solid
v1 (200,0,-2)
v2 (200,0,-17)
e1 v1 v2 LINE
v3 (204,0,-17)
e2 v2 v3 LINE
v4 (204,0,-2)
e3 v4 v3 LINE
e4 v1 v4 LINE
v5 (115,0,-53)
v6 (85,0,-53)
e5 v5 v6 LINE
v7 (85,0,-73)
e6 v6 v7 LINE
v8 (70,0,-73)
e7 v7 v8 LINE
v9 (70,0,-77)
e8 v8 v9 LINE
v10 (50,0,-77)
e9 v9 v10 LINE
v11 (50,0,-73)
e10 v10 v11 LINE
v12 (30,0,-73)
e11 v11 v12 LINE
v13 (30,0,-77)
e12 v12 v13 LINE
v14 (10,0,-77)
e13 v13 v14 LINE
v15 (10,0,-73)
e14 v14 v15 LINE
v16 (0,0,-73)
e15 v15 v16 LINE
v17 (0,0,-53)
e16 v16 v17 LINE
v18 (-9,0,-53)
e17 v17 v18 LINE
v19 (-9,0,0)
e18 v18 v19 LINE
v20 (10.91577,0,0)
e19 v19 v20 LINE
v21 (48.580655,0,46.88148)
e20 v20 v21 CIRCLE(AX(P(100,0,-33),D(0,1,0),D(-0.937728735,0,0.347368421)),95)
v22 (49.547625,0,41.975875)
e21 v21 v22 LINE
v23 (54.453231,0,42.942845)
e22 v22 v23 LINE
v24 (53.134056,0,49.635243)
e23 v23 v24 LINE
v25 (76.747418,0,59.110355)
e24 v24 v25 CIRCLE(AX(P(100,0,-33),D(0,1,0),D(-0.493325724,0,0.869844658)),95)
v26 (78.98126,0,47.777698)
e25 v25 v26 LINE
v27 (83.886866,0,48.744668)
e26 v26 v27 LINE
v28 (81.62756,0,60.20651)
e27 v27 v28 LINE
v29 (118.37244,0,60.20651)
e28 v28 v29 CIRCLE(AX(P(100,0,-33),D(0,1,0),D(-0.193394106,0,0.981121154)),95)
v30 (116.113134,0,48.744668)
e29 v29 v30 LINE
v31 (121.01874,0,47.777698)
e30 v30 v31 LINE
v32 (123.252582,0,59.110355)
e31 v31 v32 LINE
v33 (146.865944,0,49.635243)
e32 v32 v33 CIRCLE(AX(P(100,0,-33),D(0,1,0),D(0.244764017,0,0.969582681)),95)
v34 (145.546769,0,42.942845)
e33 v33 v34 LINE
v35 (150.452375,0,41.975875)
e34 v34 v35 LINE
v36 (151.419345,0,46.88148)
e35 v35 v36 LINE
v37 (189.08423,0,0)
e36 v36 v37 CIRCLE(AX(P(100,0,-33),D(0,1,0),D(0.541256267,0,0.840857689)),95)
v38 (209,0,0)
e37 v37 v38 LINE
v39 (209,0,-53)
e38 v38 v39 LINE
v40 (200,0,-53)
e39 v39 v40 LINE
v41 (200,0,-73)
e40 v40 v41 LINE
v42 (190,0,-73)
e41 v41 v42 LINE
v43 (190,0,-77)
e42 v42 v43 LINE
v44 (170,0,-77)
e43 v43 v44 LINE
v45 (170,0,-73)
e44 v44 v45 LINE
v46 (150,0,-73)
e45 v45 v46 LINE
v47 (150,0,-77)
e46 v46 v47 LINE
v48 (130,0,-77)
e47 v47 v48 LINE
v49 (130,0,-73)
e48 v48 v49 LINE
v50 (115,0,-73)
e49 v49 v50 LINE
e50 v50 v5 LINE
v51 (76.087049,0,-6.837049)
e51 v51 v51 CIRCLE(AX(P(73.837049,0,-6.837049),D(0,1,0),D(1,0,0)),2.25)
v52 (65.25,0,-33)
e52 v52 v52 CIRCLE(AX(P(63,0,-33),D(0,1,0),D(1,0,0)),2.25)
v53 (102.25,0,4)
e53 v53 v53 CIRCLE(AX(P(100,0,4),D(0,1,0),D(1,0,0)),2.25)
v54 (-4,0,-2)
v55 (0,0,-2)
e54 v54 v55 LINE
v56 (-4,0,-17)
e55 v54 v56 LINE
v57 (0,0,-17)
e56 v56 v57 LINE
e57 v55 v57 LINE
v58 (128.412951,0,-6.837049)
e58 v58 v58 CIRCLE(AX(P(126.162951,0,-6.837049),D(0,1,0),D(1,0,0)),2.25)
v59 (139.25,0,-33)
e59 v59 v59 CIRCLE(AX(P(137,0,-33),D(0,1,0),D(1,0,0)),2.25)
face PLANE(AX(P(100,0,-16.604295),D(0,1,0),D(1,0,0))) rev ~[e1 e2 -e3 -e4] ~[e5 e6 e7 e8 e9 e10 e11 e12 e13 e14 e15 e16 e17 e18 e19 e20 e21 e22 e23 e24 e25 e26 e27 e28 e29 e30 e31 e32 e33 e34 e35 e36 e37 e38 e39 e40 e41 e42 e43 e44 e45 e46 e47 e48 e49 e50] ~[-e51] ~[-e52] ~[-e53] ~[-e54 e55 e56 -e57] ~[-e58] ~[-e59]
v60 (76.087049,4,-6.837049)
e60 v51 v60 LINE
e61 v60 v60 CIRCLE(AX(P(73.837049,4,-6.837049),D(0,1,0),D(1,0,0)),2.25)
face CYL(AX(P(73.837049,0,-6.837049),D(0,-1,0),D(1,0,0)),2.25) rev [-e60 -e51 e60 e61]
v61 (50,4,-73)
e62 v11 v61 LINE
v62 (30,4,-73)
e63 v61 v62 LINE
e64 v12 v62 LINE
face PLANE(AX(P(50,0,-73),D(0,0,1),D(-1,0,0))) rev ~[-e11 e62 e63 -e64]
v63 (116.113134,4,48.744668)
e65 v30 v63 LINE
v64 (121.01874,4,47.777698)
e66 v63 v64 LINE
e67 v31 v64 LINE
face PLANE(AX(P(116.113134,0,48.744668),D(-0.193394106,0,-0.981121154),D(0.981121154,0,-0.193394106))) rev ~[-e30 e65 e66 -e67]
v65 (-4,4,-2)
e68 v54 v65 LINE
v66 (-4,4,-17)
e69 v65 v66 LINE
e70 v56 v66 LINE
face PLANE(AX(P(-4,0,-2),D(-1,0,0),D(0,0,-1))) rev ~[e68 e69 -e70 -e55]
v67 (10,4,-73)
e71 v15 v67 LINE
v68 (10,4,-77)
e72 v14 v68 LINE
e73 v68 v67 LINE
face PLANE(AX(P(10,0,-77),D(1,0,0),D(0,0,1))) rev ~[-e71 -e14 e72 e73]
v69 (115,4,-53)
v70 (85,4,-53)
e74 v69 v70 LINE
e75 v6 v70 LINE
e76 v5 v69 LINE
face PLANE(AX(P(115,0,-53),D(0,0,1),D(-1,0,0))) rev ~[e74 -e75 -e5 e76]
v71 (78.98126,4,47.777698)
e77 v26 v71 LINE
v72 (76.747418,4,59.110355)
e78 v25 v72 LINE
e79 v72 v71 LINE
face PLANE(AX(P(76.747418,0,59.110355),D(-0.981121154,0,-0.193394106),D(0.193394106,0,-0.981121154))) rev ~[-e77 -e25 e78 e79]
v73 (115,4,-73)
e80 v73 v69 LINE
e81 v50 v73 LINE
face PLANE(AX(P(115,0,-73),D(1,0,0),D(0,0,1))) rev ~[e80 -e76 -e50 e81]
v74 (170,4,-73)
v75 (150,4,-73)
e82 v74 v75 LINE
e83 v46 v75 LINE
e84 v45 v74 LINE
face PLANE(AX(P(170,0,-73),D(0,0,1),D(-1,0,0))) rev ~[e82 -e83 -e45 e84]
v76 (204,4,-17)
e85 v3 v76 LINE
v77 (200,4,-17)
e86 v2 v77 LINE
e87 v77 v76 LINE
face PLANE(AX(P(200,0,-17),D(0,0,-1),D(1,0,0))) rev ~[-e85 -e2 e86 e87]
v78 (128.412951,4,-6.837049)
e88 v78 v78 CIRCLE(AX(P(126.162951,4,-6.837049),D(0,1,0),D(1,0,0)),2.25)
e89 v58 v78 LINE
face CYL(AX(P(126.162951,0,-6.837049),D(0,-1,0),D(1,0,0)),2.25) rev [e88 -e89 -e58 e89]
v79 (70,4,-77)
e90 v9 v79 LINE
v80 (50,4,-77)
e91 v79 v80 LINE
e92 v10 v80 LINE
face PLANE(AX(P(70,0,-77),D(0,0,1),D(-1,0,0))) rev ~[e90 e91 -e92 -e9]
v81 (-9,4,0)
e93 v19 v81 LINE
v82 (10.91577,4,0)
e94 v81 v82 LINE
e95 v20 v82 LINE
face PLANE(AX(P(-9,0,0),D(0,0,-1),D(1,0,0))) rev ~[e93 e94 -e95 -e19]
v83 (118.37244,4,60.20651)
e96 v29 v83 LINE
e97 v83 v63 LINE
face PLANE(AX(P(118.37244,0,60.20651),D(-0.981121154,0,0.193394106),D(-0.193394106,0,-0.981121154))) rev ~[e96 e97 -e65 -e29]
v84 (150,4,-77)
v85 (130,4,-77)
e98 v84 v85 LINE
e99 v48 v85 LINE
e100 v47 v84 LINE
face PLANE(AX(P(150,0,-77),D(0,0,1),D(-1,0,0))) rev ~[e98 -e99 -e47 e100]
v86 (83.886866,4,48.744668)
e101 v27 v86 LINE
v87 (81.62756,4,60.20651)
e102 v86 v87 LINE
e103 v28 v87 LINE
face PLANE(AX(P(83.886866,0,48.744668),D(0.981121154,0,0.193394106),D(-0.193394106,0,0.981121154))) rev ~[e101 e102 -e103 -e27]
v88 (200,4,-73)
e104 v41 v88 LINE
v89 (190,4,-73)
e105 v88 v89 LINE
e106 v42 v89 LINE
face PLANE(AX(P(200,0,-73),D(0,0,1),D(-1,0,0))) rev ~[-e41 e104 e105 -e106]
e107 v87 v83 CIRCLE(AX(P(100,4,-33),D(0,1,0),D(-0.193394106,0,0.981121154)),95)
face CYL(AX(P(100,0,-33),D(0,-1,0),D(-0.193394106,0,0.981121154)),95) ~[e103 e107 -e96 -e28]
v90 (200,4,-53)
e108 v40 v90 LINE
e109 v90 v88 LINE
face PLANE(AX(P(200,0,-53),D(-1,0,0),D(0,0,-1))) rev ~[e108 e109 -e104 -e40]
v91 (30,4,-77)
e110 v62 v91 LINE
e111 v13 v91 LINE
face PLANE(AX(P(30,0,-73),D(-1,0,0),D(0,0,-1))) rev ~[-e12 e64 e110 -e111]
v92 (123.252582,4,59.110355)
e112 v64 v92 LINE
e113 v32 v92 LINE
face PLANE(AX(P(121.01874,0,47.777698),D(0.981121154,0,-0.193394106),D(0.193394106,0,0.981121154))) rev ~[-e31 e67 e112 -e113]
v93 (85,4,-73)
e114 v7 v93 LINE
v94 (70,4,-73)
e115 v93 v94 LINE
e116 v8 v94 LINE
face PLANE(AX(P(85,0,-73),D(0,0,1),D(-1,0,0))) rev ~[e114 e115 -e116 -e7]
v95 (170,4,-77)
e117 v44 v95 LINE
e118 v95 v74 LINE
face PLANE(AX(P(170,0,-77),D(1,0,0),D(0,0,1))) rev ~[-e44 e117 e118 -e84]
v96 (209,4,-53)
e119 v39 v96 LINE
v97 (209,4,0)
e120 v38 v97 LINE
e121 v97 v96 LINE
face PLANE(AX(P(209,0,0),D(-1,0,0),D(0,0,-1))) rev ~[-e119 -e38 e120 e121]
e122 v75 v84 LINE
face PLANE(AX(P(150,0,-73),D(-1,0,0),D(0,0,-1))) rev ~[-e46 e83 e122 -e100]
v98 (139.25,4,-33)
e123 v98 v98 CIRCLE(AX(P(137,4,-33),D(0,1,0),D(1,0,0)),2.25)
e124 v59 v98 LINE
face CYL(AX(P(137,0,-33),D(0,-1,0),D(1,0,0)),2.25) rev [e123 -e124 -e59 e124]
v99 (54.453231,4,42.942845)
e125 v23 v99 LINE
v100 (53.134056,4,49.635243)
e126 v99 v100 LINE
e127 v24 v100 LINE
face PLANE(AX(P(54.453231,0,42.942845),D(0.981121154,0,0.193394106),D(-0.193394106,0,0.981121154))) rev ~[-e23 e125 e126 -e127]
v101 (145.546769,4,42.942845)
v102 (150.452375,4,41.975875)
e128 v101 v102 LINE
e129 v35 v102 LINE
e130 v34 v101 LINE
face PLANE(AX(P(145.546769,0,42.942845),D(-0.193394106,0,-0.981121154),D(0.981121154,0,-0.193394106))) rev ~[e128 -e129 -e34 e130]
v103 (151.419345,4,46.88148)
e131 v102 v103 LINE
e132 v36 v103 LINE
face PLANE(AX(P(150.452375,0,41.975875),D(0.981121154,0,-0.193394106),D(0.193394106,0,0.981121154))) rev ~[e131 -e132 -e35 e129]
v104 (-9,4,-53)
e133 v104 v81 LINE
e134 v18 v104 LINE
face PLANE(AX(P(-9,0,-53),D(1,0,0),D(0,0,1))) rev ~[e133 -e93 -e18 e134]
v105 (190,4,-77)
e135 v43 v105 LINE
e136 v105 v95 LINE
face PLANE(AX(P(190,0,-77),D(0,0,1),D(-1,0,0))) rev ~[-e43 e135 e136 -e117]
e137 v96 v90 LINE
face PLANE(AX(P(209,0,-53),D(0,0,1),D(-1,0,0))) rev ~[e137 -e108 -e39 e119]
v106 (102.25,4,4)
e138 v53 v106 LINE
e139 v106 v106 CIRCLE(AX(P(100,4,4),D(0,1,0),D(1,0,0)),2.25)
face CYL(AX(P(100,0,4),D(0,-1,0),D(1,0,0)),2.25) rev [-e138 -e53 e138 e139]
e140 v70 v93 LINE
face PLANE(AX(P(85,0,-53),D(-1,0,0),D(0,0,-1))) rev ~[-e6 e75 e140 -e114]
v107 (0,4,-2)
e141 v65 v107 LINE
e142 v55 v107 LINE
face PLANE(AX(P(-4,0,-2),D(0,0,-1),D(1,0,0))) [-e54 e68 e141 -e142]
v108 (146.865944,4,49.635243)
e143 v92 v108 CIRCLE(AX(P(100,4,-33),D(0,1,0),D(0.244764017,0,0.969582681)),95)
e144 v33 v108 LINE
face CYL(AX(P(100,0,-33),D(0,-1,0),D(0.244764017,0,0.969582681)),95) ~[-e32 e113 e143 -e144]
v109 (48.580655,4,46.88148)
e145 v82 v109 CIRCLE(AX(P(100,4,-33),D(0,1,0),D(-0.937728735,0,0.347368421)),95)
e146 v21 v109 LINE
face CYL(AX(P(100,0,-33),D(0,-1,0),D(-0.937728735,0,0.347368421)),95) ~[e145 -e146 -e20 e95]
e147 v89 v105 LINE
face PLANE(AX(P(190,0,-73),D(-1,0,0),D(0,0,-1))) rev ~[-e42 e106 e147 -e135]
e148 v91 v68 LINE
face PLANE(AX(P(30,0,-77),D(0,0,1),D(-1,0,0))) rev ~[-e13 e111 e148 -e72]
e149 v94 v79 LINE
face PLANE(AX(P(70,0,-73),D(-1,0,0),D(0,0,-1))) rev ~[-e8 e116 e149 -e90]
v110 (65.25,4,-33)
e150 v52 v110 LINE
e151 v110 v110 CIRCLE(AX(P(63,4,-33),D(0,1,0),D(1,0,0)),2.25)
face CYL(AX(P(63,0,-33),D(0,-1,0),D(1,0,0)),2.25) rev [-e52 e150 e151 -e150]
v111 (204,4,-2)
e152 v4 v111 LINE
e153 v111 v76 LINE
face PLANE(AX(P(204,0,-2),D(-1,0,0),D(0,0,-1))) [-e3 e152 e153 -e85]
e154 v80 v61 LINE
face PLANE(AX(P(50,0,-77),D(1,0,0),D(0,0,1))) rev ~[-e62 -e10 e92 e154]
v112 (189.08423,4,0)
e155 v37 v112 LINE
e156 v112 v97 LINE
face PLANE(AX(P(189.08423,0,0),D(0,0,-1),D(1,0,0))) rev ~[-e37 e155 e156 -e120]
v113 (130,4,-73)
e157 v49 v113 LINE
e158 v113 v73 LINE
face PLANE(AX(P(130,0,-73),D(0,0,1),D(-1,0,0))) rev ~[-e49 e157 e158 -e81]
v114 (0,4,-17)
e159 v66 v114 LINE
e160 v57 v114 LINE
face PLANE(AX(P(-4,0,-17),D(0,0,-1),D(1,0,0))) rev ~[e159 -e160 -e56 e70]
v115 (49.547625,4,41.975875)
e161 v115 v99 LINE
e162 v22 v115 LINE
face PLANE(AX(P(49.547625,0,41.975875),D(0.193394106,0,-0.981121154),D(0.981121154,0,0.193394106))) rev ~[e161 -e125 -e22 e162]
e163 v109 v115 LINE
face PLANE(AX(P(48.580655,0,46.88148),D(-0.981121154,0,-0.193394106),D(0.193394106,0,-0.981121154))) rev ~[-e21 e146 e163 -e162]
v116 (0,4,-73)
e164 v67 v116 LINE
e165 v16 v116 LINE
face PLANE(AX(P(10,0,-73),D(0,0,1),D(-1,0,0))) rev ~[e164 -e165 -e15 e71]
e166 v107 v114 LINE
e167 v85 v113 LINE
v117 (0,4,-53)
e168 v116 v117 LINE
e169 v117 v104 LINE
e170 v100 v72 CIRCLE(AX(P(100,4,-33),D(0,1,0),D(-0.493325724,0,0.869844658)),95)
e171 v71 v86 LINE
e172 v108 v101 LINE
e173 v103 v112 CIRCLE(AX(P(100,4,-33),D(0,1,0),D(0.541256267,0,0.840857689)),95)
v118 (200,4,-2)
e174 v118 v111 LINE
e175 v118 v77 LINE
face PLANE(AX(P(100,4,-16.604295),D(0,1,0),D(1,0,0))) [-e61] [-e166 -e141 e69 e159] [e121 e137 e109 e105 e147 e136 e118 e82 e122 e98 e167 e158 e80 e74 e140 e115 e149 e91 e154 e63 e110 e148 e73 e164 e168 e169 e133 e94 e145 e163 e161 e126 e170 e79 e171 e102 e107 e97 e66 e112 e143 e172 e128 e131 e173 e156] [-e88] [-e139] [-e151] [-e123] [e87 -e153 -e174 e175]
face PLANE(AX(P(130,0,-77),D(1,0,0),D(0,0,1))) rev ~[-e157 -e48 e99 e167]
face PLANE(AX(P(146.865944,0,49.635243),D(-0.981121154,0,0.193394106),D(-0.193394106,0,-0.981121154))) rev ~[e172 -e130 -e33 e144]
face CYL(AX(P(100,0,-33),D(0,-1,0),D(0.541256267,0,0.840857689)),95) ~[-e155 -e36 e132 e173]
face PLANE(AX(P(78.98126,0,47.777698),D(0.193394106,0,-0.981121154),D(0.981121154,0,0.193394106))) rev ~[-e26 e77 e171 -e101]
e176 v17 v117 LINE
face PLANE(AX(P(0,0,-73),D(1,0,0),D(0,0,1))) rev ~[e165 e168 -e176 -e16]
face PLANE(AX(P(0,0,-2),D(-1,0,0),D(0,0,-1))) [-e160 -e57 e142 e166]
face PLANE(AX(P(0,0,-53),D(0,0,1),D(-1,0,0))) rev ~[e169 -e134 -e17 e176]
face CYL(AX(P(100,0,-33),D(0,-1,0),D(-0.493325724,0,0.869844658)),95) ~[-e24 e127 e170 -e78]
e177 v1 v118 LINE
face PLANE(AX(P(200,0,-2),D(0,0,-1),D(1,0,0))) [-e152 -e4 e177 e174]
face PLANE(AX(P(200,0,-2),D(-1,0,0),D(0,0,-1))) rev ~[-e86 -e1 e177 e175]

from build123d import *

# Parameters (mm, degrees)
SKICA1_W                = 4
SKICA1_H                = 15
SKICA1_R                = 2.25
P_IDAT_VYSUNUT_M1_DEPTH = 4


with BuildPart() as part:
    # Skica1 → Přidat vysunutím1 (new body)
    with BuildSketch(Plane(origin=(0, 0, 0), x_dir=(1, 0, 0), z_dir=(0, 1, 0))):
        with BuildLine():
            ThreePointArc((10.915770195, 0), (25.940686176, -26.499731394), (48.580654593, -46.881480444))
            Line((48.580654593, -46.881480444), (49.547625125, -41.975874672))
            Line((49.547625125, -41.975874672), (54.453230897, -42.942845204))
            Line((54.453230897, -42.942845204), (53.134056197, -49.635242551))
            ThreePointArc((53.134056197, -49.635242551), (64.622092485, -55.166907964), (76.747418364, -59.110354723))
            Line((76.747418364, -59.110354723), (78.981259757, -47.777697862))
            Line((78.981259757, -47.777697862), (83.886865529, -48.744668394))
            Line((83.886865529, -48.744668394), (81.627559896, -60.206509669))
            ThreePointArc((81.627559896, -60.206509669), (100, -62), (118.372440104, -60.206509669))
            Line((118.372440104, -60.206509669), (116.113134471, -48.744668394))
            Line((116.113134471, -48.744668394), (121.018740243, -47.777697862))
            Line((121.018740243, -47.777697862), (123.252581636, -59.110354723))
            ThreePointArc((123.252581636, -59.110354723), (135.377907515, -55.166907964), (146.865943803, -49.635242551))
            Line((146.865943803, -49.635242551), (145.546769103, -42.942845204))
            Line((145.546769103, -42.942845204), (150.452374875, -41.975874672))
            Line((150.452374875, -41.975874672), (151.419345407, -46.881480444))
            ThreePointArc((151.419345407, -46.881480444), (174.059313824, -26.499731394), (189.084229805, 0))
            Line((189.084229805, 0), (209, 0))
            Line((209, 0), (209, 53))
            Line((209, 53), (200, 53))
            Line((200, 53), (200, 73))
            Line((200, 73), (190, 73))
            Line((190, 73), (190, 77))
            Line((190, 77), (170, 77))
            Line((170, 77), (170, 73))
            Line((170, 73), (150, 73))
            Line((150, 73), (150, 77))
            Line((150, 77), (130, 77))
            Line((130, 77), (130, 73))
            Line((130, 73), (115, 73))
            Line((115, 73), (115, 53))
            Line((115, 53), (85, 53))
            Line((85, 53), (85, 73))
            Line((85, 73), (70, 73))
            Line((70, 73), (70, 77))
            Line((70, 77), (50, 77))
            Line((50, 77), (50, 73))
            Line((50, 73), (30, 73))
            Line((30, 73), (30, 77))
            Line((30, 77), (10, 77))
            Line((10, 77), (10, 73))
            Line((10, 73), (0, 73))
            Line((0, 73), (0, 53))
            Line((0, 53), (-9, 53))
            Line((-9, 53), (-9, 0))
            Line((-9, 0), (10.915770195, 0))
        make_face()
        with Locations((-2, 9.5)):
            Rectangle(SKICA1_W, SKICA1_H, mode=Mode.SUBTRACT)
        with Locations((73.837049096, 6.837049096)):
            Circle(SKICA1_R, mode=Mode.SUBTRACT)
        with Locations((100, -4)):
            Circle(SKICA1_R, mode=Mode.SUBTRACT)
        with Locations((126.162950904, 6.837049096)):
            Circle(SKICA1_R, mode=Mode.SUBTRACT)
        with Locations((202, 9.5)):
            Rectangle(SKICA1_W, SKICA1_H, mode=Mode.SUBTRACT)
        with Locations((63, 33)):
            Circle(SKICA1_R, mode=Mode.SUBTRACT)
        with Locations((137, 33)):
            Circle(SKICA1_R, mode=Mode.SUBTRACT)
    extrude(amount=P_IDAT_VYSUNUT_M1_DEPTH)


solid = part.part
